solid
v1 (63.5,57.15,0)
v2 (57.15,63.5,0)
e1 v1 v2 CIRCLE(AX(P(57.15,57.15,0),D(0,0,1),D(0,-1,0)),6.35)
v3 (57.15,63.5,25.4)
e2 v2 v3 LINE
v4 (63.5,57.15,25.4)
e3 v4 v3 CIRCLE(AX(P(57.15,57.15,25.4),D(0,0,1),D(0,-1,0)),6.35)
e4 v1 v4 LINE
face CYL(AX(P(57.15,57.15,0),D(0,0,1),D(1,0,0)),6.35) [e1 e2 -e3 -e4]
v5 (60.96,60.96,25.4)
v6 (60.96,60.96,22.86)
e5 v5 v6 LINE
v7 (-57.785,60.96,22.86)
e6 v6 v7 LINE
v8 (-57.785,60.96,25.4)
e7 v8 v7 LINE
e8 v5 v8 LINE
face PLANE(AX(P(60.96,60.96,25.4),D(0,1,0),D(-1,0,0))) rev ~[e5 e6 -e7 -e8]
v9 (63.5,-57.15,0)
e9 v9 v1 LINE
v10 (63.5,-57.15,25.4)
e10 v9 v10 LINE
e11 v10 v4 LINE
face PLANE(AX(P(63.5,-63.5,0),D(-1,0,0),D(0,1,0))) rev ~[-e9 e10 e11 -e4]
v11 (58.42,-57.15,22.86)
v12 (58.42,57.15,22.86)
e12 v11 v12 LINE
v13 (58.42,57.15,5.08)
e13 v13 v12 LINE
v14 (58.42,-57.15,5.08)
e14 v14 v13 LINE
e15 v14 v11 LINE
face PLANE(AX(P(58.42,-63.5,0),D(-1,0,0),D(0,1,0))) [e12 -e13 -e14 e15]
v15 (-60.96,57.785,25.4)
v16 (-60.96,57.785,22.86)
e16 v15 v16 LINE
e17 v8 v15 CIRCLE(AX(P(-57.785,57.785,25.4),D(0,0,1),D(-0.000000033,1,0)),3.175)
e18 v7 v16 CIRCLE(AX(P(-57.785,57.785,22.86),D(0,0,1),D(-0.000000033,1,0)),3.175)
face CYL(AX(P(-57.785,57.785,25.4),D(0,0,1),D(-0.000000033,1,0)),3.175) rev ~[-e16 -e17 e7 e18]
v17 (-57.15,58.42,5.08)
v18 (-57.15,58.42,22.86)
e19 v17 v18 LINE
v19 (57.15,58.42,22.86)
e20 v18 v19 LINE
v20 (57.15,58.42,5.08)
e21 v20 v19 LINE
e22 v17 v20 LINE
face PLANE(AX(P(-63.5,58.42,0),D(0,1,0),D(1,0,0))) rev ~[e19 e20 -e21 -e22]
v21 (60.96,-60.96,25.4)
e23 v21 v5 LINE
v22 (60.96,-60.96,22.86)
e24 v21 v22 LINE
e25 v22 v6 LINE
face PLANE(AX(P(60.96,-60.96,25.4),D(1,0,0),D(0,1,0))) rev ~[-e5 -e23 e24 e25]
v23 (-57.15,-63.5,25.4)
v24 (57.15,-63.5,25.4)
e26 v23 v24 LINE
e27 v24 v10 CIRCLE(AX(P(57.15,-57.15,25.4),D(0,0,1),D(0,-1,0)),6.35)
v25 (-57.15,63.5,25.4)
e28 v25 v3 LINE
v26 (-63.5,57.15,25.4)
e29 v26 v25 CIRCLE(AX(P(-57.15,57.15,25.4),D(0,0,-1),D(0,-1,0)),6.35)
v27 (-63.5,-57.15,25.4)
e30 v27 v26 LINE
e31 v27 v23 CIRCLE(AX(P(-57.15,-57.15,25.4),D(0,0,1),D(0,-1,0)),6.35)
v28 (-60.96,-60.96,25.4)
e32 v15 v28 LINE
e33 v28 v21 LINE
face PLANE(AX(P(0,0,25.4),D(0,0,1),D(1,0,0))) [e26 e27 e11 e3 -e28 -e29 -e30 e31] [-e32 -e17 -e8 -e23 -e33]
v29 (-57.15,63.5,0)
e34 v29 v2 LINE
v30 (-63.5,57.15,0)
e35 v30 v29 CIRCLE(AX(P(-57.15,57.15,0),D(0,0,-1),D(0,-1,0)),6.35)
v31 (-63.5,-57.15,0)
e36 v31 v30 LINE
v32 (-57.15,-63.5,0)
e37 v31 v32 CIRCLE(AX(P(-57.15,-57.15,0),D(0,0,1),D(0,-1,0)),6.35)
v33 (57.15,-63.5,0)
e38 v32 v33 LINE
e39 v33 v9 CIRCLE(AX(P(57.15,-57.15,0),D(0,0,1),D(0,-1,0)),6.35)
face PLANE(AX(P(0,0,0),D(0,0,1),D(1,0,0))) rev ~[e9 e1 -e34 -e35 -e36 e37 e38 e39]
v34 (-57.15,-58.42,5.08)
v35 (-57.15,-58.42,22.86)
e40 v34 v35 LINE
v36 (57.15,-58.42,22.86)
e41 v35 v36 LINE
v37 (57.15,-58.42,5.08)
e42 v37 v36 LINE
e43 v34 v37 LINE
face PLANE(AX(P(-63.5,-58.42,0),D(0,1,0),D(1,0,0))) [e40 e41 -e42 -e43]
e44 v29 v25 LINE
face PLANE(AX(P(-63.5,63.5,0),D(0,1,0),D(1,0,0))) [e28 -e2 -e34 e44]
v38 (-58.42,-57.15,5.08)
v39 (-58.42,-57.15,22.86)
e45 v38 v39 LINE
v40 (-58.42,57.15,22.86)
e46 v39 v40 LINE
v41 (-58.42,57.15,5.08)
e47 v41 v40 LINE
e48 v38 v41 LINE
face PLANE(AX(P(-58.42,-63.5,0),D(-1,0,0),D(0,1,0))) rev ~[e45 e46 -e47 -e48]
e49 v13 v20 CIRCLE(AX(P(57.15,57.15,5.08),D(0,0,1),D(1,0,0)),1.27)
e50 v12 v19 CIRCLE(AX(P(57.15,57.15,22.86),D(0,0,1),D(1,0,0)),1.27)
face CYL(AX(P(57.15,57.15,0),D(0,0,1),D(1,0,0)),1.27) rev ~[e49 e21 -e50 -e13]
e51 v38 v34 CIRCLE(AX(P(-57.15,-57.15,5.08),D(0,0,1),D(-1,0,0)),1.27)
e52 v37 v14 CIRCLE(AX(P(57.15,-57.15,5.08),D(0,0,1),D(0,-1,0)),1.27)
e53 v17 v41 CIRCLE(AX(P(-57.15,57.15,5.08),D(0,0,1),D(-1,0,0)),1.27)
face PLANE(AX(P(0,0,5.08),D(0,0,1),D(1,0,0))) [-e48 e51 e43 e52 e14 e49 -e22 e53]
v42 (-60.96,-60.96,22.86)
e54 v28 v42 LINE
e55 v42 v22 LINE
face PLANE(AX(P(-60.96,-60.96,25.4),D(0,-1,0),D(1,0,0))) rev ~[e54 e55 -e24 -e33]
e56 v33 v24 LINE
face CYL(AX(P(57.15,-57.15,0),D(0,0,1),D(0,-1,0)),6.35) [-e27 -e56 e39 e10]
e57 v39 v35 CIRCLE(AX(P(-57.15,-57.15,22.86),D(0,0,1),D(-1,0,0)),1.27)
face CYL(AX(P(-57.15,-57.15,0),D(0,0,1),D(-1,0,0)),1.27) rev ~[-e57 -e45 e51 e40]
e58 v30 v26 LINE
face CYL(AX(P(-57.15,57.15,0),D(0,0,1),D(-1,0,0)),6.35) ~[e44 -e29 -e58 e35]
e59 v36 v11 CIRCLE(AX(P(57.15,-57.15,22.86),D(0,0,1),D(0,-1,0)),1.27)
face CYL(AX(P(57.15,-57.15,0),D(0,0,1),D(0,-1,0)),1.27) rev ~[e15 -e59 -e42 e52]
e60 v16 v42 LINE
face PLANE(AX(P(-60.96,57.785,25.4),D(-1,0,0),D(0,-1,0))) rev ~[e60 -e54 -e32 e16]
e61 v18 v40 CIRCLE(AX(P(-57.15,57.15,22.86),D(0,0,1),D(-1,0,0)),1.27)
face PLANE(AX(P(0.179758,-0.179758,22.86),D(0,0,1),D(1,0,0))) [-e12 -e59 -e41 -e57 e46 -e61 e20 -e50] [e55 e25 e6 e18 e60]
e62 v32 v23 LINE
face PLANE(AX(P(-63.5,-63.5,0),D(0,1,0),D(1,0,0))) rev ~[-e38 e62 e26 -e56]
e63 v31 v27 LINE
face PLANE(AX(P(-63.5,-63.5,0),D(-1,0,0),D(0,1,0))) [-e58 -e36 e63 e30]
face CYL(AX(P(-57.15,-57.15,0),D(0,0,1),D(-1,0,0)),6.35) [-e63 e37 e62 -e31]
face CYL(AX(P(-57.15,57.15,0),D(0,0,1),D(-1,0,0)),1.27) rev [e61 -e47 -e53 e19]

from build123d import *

# Parameters (mm, degrees)
F0_W     = 127
F0_H     = 127
F1_DEPTH = 25.4
F2_R     = 6.35
F3_T     = -5.08
F5_DEPTH = 2.54


with BuildPart() as f1:
    # F0 (on Top) → F1 (new body)
    with BuildSketch(Plane.XY):
        Rectangle(F0_W, F0_H)
    extrude(amount=F1_DEPTH)

    # F2
    f2_edges = [f1.edges().sort_by_distance(p)[0] for p in [
        (63.5, -63.5, 12.7),
        (63.5, 63.5, 12.7),
        (-63.5, 63.5, 12.7),
        (-63.5, -63.5, 12.7),
    ]]
    fillet(f2_edges, radius=F2_R)

    # F3
    f3_openings = [f1.faces().sort_by_distance(p)[0] for p in [
        (0, 0, 25.4),
    ]]
    offset(amount=F3_T, openings=f3_openings)

    # F4 (on face) → F5 (cut)
    with BuildSketch(Plane.XY.offset(25.4)):
        with BuildLine():
            Line((60.96, 60.96), (-57.785, 60.96))
            ThreePointArc((-57.785, 60.96), (-60.030064, 60.030064), (-60.96, 57.785))
            Line((-60.96, 57.785), (-60.96, -60.96))
            Line((-60.96, -60.96), (60.96, -60.96))
            Line((60.96, -60.96), (60.96, 60.96))
        make_face()
    extrude(amount=-F5_DEPTH, mode=Mode.SUBTRACT)


solid = f1.part
